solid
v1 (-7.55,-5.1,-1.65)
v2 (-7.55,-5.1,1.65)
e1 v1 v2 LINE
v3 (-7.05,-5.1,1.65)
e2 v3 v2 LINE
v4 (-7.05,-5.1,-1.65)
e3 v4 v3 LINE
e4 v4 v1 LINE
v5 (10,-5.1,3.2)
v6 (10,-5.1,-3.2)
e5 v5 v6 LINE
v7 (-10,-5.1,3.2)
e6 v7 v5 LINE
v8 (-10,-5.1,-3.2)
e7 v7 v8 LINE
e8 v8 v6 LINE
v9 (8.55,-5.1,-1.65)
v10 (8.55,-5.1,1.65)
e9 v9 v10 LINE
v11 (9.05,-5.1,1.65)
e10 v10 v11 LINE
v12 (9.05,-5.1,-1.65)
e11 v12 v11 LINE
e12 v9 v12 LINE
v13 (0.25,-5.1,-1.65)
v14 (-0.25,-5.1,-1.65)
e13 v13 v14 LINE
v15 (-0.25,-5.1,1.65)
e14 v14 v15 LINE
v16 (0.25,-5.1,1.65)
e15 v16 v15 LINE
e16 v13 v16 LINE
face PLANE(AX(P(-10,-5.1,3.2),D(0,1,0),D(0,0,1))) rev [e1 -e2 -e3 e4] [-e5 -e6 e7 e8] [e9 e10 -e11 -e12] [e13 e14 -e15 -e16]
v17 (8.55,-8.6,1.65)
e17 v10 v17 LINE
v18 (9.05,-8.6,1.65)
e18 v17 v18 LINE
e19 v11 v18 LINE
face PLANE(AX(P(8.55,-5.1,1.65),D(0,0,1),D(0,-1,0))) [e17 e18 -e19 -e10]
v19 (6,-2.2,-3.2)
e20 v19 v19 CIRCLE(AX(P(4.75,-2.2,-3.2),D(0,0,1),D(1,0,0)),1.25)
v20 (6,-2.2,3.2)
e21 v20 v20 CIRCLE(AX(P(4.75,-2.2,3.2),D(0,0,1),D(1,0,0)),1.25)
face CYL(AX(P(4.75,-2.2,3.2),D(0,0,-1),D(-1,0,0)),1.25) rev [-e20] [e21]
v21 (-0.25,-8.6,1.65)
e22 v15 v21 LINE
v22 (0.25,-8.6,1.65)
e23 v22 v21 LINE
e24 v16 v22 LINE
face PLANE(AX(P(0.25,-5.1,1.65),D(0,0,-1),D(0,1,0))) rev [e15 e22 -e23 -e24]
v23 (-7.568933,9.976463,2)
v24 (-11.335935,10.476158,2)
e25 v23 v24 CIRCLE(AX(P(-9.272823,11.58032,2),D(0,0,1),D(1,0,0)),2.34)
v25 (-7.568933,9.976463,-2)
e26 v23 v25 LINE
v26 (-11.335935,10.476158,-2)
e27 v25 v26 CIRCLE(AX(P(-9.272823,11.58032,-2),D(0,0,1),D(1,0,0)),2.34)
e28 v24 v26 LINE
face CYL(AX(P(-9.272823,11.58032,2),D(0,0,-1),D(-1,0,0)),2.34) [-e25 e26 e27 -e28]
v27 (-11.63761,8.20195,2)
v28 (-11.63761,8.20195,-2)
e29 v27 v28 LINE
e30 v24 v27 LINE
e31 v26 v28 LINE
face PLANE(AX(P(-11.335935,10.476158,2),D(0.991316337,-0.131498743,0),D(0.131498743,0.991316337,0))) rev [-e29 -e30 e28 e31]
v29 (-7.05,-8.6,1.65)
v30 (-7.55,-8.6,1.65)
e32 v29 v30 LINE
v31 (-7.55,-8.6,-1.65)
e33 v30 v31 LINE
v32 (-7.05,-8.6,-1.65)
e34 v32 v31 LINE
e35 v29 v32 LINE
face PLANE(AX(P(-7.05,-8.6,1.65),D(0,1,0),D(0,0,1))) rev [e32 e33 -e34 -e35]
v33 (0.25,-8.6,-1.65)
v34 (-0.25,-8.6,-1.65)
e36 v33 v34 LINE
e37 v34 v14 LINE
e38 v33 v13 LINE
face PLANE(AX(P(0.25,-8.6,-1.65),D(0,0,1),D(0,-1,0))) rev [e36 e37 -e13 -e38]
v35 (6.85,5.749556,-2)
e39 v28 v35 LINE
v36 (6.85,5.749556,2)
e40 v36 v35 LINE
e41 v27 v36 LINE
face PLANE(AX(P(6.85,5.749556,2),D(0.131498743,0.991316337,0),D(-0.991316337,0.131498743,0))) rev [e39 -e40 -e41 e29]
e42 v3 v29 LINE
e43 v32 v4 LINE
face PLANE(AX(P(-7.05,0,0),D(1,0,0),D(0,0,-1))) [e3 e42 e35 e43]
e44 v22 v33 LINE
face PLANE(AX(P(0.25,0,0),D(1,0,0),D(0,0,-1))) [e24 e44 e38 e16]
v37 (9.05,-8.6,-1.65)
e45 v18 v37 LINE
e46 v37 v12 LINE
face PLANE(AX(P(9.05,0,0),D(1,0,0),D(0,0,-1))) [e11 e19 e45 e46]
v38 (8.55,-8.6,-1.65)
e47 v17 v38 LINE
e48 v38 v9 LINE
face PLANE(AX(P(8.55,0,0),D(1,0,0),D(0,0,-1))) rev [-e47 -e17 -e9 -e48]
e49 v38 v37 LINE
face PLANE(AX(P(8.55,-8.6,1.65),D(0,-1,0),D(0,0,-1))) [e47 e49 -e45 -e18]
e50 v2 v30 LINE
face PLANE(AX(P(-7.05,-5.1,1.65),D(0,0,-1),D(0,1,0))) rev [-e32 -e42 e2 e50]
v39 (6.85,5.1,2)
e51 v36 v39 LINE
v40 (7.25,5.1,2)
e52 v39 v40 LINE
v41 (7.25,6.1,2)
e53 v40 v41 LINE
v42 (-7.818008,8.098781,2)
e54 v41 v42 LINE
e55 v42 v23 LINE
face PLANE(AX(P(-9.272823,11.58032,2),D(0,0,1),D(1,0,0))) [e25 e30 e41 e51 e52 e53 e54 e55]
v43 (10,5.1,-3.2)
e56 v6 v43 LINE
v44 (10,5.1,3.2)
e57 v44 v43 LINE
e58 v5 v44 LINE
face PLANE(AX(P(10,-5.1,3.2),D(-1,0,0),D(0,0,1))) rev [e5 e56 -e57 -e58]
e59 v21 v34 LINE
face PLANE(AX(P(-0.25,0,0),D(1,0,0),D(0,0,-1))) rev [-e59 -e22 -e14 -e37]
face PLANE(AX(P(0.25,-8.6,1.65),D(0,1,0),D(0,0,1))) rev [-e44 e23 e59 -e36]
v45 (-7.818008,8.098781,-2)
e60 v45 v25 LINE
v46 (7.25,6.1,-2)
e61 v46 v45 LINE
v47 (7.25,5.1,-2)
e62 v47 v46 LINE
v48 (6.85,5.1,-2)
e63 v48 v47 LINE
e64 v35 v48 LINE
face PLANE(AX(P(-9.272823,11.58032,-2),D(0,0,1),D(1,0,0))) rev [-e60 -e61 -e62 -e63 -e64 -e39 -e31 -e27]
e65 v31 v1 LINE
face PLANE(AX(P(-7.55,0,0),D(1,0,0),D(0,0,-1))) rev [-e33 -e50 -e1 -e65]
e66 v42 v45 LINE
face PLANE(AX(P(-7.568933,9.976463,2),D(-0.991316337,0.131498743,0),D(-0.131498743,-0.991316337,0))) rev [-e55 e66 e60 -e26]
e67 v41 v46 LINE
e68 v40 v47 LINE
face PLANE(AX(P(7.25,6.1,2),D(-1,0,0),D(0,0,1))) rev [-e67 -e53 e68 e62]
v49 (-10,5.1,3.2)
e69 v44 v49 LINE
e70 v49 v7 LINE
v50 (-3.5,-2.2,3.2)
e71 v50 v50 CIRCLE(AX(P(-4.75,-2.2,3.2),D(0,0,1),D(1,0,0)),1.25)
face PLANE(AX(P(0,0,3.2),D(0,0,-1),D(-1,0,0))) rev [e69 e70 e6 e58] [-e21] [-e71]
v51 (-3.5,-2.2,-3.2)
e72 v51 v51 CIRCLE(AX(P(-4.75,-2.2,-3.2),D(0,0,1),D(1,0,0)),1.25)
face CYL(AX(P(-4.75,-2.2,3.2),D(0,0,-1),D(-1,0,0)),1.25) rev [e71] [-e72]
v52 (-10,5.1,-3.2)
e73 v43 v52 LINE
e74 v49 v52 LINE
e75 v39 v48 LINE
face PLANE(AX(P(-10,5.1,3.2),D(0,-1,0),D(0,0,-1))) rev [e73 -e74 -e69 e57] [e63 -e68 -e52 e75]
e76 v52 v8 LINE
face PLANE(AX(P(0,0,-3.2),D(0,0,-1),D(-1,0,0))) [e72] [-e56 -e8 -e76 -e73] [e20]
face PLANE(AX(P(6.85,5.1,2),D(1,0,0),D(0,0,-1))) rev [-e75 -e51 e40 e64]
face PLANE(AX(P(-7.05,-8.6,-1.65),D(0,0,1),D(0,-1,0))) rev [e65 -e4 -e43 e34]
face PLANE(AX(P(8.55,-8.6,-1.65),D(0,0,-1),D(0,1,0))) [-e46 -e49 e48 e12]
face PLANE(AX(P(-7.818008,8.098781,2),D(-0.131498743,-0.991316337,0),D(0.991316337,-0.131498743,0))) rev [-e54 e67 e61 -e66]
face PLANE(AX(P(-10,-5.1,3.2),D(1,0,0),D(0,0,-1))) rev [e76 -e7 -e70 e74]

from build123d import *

# Parameters (mm, degrees)
SKETCH1_W           = 20
SKETCH1_H           = 10.2
SKETCH1_R           = 1.25
BOSS_EXTRUDE1_DEPTH = 3.2
BOSS_EXTRUDE2_DEPTH = 2
SKETCH3_W           = 3.3
SKETCH3_H           = 3.5
BOSS_EXTRUDE3_DEPTH = 0.25
BOSS_EXTRUDE4_START = 8.8
SKETCH3_2_W         = 3.3
SKETCH3_2_H         = 3.5
BOSS_EXTRUDE4_DEPTH = 0.25
BOSS_EXTRUDE5_START = -7.3
SKETCH3_3_W         = 3.3
SKETCH3_3_H         = 3.5
BOSS_EXTRUDE5_DEPTH = 0.25


with BuildPart() as part:
    # Sketch1 → Boss-Extrude1 (new, symmetric)
    with BuildSketch(Plane.XY):
        Rectangle(SKETCH1_W, SKETCH1_H)
        with Locations((-4.75, -2.2)):
            Circle(SKETCH1_R, mode=Mode.SUBTRACT)
        with Locations((4.75, -2.2)):
            Circle(SKETCH1_R, mode=Mode.SUBTRACT)
    extrude(amount=BOSS_EXTRUDE1_DEPTH, both=True)

    # Sketch2 → Boss-Extrude2 (add, symmetric)
    with BuildSketch(Plane.XY):
        with BuildLine():
            Line((7.25, 5.1), (6.85, 5.1))
            Line((6.85, 5.1), (6.85, 5.749556363))
            Line((6.85, 5.749556363), (-11.637609905, 8.201949589))
            Line((-11.637609905, 8.201949589), (-11.335934652, 10.476158449))
            ThreePointArc((-11.335934652, 10.476158449), (-8.965116404, 13.9), (-7.56893257, 9.976463224))
            Line((-7.56893257, 9.976463224), (-7.818008326, 8.098780899))
            Line((-7.818008326, 8.098780899), (7.25, 6.1))
            Line((7.25, 6.1), (7.25, 5.1))
        make_face()
    extrude(amount=BOSS_EXTRUDE2_DEPTH, both=True)

    # Sketch3 → Boss-Extrude3 (add, symmetric)
    with BuildSketch(Plane(origin=(0, 0, 0), x_dir=(0, 0, -1), z_dir=(1, 0, 0))):
        with Locations((0, -6.85)):
            Rectangle(SKETCH3_W, SKETCH3_H)
    extrude(amount=BOSS_EXTRUDE3_DEPTH, both=True)

    # Sketch3<2> → Boss-Extrude4 (add, symmetric)
    with BuildSketch(Plane(origin=(0, 0, 0), x_dir=(0, 0, -1), z_dir=(1, 0, 0)).offset(BOSS_EXTRUDE4_START)):
        with Locations((0, -6.85)):
            Rectangle(SKETCH3_2_W, SKETCH3_2_H)
    extrude(amount=BOSS_EXTRUDE4_DEPTH, both=True)

    # Sketch3<3> → Boss-Extrude5 (add, symmetric)
    with BuildSketch(Plane(origin=(0, 0, 0), x_dir=(0, 0, -1), z_dir=(1, 0, 0)).offset(BOSS_EXTRUDE5_START)):
        with Locations((0, -6.85)):
            Rectangle(SKETCH3_3_W, SKETCH3_3_H)
    extrude(amount=BOSS_EXTRUDE5_DEPTH, both=True)


solid = part.part
